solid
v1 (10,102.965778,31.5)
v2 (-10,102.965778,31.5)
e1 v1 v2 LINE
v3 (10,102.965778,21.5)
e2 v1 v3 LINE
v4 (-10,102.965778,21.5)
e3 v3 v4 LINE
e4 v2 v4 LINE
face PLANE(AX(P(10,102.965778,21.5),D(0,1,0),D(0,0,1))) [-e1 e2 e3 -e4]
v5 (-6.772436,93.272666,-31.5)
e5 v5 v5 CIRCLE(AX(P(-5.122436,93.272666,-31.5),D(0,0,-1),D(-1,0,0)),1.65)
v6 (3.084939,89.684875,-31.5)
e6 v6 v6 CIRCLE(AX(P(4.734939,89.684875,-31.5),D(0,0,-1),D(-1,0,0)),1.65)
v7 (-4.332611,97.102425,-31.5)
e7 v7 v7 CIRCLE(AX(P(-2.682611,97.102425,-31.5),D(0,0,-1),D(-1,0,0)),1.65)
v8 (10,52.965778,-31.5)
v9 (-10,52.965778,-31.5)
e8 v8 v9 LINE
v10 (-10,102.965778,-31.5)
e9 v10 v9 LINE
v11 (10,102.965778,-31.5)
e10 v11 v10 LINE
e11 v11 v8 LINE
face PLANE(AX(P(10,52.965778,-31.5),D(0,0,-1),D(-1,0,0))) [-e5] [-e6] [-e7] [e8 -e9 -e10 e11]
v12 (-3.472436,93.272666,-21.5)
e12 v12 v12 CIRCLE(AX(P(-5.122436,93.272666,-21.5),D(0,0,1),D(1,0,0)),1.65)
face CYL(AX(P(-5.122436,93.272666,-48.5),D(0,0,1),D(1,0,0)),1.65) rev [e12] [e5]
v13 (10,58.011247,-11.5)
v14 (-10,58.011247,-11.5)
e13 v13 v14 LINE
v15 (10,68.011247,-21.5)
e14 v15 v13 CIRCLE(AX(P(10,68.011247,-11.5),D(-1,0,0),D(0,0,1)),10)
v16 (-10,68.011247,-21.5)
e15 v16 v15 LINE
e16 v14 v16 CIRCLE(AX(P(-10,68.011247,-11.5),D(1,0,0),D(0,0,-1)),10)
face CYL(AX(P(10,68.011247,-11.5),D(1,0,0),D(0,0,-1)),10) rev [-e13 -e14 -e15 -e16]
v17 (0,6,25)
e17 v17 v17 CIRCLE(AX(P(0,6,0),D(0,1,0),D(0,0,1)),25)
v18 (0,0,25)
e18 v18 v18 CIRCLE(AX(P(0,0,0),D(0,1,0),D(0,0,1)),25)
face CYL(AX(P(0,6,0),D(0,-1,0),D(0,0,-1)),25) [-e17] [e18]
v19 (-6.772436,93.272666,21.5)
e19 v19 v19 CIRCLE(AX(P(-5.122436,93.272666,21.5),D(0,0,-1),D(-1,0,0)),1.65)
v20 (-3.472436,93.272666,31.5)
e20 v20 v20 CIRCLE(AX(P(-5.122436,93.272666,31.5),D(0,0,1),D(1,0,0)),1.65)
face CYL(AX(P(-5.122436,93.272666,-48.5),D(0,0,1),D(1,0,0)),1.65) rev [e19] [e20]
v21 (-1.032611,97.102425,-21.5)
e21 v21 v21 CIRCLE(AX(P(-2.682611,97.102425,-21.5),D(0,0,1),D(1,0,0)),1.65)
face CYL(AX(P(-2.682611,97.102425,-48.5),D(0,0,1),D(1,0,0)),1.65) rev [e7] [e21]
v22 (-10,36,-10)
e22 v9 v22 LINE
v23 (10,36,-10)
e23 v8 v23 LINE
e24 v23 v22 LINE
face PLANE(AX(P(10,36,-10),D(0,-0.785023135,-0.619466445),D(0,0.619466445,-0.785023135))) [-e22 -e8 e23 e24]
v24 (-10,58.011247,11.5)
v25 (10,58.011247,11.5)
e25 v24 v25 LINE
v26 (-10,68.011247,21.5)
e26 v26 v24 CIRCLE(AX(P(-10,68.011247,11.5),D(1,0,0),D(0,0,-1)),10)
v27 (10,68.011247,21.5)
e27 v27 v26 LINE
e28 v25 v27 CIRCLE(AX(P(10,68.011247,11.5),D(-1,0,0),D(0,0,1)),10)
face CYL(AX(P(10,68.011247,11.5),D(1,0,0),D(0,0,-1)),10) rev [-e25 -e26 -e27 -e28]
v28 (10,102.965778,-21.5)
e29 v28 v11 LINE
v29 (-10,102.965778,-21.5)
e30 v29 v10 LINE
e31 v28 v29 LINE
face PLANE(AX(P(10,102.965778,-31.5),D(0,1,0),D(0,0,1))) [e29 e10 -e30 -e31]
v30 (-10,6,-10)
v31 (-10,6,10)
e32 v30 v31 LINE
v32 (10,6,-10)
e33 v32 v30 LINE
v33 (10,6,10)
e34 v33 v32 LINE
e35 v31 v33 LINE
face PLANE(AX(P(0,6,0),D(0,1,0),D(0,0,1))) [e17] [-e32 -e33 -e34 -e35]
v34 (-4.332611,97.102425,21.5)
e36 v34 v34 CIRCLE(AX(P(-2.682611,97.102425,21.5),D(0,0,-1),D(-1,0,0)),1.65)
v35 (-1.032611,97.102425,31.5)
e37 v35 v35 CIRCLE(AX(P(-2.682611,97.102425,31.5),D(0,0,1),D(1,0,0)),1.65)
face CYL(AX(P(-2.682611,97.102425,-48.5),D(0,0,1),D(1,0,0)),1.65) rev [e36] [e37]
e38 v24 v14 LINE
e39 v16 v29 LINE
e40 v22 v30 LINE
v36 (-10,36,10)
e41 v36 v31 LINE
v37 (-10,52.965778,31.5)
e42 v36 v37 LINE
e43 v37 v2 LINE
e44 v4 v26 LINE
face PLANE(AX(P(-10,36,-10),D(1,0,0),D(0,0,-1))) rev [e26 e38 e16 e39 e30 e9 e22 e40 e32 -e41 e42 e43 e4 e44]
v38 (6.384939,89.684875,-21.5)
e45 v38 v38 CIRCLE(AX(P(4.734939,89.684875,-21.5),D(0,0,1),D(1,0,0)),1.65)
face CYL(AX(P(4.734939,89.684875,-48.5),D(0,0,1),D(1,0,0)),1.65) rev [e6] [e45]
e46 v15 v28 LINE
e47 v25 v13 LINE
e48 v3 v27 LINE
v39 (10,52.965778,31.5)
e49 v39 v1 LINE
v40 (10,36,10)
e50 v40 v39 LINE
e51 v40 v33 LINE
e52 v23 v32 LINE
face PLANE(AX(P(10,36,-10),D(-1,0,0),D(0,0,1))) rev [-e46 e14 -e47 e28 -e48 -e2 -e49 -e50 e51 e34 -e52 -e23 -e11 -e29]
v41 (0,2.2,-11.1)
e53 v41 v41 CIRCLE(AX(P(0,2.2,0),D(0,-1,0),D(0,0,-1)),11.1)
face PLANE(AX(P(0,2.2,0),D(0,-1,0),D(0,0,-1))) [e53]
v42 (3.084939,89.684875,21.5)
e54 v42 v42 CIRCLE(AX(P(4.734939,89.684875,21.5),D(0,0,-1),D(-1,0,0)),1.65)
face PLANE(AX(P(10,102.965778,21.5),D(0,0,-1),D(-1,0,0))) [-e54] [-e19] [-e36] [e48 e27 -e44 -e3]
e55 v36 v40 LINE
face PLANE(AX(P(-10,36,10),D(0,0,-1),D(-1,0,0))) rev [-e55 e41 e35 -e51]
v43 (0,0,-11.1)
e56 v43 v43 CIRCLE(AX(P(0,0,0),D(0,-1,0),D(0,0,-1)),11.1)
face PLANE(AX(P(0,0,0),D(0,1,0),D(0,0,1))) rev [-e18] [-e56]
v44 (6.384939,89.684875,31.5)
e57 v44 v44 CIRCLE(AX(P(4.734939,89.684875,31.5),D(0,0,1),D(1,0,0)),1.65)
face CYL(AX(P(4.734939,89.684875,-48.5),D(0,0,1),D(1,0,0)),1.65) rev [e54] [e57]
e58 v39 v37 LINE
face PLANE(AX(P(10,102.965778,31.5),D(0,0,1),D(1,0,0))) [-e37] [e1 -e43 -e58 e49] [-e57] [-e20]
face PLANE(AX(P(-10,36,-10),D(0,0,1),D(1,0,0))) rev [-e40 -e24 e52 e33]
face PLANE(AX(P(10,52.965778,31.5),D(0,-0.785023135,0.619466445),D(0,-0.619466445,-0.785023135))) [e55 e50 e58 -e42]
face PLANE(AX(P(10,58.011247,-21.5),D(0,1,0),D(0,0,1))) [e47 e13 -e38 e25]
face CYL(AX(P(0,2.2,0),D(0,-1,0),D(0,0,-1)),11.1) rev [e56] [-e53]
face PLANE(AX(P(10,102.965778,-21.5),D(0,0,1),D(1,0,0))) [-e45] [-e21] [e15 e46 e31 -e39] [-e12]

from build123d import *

# Parameters (mm, degrees)
SKETCH1_R           = 25
BOSS_EXTRUDE1_DEPTH = 6
SKETCH2_W           = 20
SKETCH2_H           = 20
BOSS_EXTRUDE2_DEPTH = 30
BOSS_EXTRUDE3_DEPTH = 20
FILLET1_R           = 10
FILLET2_R           = 10
SKETCH4_R           = 11.1
CUT_EXTRUDE1_DEPTH  = 2.2
SKETCH5_R           = 1.65
CUT_EXTRUDE2_DEPTH  = 80


with BuildPart() as part:
    # Sketch1 → Boss-Extrude1 (new body)
    with BuildSketch(Plane(origin=(0, 0, 0), x_dir=(1, 0, 0), z_dir=(0, 1, 0))):
        with Locations(Location((0, 0, 0), (0, 0, 270))):
            Circle(SKETCH1_R)
    extrude(amount=BOSS_EXTRUDE1_DEPTH)

    # Sketch2 → Boss-Extrude2 (add)
    with BuildSketch(Plane(origin=(0, 6, 0), x_dir=(1, 0, 0), z_dir=(0, 1, 0))):
        Rectangle(SKETCH2_W, SKETCH2_H)
    extrude(amount=BOSS_EXTRUDE2_DEPTH)

    # Sketch3 → Boss-Extrude3 (add)
    with BuildSketch(Plane.ZY.offset(10)):
        Polygon((-10, 36), (-31.5, 52.965778424), (-31.5, 102.965778424), (-21.5, 102.965778424), (-21.5, 58.01124712), (21.5, 58.01124712), (21.5, 102.965778424), (31.5, 102.965778424), (31.5, 52.965778424), (10, 36), align=None)
    extrude(amount=-BOSS_EXTRUDE3_DEPTH)

    # Fillet1
    fillet1_edges = [part.edges().sort_by_distance(p)[0] for p in [
        (0, 58.01124712, -21.5),
    ]]
    fillet(fillet1_edges, radius=FILLET1_R)

    # Fillet2
    fillet2_edges = [part.edges().sort_by_distance(p)[0] for p in [
        (0, 58.01124712, 21.5),
    ]]
    fillet(fillet2_edges, radius=FILLET2_R)

    # Sketch4 → Cut-Extrude1 (cut)
    with BuildSketch(Plane.XZ):
        with Locations(Location((0, 0, 0), (0, 0, 270))):
            Circle(SKETCH4_R)
    extrude(amount=-CUT_EXTRUDE1_DEPTH, mode=Mode.SUBTRACT)

    # Sketch5 → Cut-Extrude2 (cut)
    with BuildSketch(Plane.XY.offset(31.5)):
        with Locations((4.734939198, 89.684875187)):
            Circle(SKETCH5_R)
        with Locations((-2.682610937, 97.102425322)):
            Circle(SKETCH5_R)
        with Locations((-5.122436395, 93.272666491)):
            Circle(SKETCH5_R)
    extrude(amount=-CUT_EXTRUDE2_DEPTH, mode=Mode.SUBTRACT)


solid = part.part
